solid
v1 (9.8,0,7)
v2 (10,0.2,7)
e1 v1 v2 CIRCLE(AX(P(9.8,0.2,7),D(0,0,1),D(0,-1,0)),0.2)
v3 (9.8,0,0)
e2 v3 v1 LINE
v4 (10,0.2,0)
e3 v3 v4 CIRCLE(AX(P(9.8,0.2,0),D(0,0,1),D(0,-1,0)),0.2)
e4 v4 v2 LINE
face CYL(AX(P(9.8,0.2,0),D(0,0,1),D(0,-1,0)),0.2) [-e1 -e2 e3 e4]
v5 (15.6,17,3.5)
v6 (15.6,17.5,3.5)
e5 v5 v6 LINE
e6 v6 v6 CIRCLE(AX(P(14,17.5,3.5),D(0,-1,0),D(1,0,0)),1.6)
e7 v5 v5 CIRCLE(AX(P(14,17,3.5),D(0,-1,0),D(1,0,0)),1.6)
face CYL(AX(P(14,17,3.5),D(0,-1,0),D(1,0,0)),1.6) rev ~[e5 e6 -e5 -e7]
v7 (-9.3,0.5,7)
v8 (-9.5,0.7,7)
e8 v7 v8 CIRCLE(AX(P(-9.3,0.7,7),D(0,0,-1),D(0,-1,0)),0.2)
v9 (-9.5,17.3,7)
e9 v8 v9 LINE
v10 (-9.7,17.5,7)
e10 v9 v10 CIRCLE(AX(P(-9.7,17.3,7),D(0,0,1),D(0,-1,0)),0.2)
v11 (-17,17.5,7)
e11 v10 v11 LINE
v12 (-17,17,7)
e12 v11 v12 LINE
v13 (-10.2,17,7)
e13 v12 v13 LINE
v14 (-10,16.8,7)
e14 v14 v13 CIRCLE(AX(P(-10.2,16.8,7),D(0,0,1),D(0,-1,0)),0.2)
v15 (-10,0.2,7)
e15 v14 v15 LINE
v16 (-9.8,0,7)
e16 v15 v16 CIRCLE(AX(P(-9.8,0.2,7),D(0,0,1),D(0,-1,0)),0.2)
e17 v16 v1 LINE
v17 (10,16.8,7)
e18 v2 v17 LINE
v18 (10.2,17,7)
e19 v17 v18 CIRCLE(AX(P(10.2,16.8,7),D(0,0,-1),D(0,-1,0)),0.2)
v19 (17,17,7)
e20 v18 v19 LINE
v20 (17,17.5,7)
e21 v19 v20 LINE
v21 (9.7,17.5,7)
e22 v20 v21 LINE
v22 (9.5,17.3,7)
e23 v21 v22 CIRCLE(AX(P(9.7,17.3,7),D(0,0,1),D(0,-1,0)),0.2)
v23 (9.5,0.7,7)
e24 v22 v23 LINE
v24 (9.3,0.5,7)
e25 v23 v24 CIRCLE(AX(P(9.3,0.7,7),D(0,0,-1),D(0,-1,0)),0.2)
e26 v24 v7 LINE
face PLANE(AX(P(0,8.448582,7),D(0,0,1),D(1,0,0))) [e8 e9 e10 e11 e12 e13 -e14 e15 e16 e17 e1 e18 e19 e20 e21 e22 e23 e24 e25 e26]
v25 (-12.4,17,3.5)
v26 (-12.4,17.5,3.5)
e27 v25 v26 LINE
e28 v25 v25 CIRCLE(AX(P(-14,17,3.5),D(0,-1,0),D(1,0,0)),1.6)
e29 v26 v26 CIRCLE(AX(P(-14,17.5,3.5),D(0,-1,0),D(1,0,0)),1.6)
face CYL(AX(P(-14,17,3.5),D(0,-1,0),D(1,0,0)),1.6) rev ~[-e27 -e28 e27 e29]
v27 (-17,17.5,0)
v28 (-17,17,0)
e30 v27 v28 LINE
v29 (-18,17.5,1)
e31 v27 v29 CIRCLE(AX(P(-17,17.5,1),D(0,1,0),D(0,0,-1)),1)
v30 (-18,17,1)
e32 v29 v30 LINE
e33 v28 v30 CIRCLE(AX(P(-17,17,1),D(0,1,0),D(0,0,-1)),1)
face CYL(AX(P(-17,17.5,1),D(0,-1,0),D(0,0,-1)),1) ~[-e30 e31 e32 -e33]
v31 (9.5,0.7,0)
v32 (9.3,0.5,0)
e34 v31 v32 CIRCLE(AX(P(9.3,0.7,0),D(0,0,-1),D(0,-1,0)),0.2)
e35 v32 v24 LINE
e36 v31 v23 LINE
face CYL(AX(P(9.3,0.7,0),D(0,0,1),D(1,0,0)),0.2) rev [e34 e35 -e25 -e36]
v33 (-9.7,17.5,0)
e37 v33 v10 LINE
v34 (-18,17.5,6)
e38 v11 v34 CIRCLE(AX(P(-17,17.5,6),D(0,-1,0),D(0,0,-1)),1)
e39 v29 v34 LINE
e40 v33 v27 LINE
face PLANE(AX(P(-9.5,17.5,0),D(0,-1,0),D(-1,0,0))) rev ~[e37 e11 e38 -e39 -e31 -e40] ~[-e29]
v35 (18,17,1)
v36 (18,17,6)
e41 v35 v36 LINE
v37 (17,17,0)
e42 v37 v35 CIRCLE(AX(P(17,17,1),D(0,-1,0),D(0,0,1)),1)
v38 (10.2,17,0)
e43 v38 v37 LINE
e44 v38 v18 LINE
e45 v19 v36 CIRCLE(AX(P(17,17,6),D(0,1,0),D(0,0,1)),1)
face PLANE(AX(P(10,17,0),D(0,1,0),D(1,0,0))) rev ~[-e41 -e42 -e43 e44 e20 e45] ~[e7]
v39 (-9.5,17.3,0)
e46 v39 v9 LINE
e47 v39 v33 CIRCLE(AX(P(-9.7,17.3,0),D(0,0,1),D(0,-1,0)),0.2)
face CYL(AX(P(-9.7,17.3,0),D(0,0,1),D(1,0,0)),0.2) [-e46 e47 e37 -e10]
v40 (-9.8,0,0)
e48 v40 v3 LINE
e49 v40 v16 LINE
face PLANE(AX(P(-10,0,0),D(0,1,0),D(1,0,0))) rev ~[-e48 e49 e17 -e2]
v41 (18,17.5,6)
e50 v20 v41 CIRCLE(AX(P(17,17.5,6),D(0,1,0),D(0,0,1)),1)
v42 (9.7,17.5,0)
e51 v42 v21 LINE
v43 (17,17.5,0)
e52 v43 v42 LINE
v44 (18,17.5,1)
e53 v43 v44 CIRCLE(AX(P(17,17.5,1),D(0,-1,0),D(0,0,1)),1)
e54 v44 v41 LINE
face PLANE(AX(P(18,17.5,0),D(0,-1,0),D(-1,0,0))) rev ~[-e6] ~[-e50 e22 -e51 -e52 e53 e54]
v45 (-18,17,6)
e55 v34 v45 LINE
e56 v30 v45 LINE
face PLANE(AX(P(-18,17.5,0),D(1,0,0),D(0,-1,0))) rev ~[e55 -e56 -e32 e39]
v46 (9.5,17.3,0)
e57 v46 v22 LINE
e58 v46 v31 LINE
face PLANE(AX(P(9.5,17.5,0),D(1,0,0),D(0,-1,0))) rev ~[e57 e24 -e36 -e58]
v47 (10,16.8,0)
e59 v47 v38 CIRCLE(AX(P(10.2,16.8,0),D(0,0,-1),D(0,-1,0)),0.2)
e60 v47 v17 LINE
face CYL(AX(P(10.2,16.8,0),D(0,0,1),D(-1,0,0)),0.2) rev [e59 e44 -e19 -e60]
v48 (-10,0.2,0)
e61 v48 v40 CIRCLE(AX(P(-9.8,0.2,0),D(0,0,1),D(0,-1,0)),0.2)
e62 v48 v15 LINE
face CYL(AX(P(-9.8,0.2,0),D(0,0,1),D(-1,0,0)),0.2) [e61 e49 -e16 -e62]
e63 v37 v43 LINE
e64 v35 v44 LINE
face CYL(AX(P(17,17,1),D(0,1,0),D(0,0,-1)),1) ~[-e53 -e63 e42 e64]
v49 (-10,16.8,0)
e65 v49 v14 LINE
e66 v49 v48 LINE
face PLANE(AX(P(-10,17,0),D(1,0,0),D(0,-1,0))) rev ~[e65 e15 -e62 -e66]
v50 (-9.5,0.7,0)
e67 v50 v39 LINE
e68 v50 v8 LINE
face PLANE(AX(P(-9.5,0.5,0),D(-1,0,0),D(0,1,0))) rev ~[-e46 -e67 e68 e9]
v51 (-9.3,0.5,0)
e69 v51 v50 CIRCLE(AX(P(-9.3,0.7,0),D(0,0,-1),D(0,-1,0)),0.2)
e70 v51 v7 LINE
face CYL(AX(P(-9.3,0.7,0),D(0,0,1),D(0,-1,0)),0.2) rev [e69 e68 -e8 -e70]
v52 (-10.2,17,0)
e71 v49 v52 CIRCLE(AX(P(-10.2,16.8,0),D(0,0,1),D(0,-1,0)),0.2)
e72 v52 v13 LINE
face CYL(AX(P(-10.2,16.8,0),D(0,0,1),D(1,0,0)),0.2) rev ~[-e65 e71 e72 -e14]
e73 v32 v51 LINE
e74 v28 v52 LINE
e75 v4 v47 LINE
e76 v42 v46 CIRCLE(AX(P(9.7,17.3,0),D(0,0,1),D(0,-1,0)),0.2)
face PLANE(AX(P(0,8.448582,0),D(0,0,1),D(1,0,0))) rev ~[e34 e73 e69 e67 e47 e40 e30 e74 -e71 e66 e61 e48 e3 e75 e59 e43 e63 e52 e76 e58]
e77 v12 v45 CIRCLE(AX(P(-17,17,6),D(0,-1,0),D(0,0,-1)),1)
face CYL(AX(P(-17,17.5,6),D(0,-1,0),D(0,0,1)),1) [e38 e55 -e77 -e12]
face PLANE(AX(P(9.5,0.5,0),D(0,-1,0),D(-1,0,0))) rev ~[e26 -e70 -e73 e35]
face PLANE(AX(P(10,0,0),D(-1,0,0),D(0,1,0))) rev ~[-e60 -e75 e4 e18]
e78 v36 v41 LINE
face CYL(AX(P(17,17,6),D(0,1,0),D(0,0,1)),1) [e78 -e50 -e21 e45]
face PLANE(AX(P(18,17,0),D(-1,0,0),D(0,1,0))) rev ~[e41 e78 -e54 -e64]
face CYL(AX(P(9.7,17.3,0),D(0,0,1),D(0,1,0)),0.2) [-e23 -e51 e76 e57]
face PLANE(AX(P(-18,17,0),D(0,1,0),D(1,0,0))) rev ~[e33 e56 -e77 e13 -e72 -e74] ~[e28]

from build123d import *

# Parameters (mm, degrees)
F1_DEPTH = 7
F2_R     = 0.2
F3_R     = 1.6
F4_DEPTH = 0.501
F5_R     = 1


with BuildPart() as f1:
    # F0 (on Top) → F1 (new body)
    with BuildSketch(Plane.XY):
        Polygon((-10, 17), (-10, 0), (10, 0), (10, 17), (18, 17), (18, 17.5), (9.5, 17.5), (9.5, 0.5), (-9.5, 0.5), (-9.5, 17.5), (-18, 17.5), (-18, 17), align=None)
    extrude(amount=F1_DEPTH)

    # F2
    f2_edges = [f1.edges().sort_by_distance(p)[0] for p in [
        (10, 0, 3.5),
        (-10, 0, 3.5),
        (-9.5, 0.5, 3.5),
        (9.5, 0.5, 3.5),
        (-9.5, 17.5, 3.5),
        (-10, 17, 3.5),
        (10, 17, 3.5),
        (9.5, 17.5, 3.5),
    ]]
    fillet(f2_edges, radius=F2_R)

    # F3 (on face) → F4 (cut, through all)
    with BuildSketch(Plane.XZ.offset(-17)):
        with Locations((14, 3.5)):
            Circle(F3_R)
        with Locations((-14, 3.5)):
            Circle(F3_R)
    extrude(amount=-F4_DEPTH, mode=Mode.SUBTRACT)

    # F5
    f5_edges = [f1.edges().sort_by_distance(p)[0] for p in [
        (18, 17.25, 7),
        (18, 17.25, 0),
        (-18, 17.25, 7),
        (-18, 17.25, 0),
    ]]
    fillet(f5_edges, radius=F5_R)


solid = f1.part
